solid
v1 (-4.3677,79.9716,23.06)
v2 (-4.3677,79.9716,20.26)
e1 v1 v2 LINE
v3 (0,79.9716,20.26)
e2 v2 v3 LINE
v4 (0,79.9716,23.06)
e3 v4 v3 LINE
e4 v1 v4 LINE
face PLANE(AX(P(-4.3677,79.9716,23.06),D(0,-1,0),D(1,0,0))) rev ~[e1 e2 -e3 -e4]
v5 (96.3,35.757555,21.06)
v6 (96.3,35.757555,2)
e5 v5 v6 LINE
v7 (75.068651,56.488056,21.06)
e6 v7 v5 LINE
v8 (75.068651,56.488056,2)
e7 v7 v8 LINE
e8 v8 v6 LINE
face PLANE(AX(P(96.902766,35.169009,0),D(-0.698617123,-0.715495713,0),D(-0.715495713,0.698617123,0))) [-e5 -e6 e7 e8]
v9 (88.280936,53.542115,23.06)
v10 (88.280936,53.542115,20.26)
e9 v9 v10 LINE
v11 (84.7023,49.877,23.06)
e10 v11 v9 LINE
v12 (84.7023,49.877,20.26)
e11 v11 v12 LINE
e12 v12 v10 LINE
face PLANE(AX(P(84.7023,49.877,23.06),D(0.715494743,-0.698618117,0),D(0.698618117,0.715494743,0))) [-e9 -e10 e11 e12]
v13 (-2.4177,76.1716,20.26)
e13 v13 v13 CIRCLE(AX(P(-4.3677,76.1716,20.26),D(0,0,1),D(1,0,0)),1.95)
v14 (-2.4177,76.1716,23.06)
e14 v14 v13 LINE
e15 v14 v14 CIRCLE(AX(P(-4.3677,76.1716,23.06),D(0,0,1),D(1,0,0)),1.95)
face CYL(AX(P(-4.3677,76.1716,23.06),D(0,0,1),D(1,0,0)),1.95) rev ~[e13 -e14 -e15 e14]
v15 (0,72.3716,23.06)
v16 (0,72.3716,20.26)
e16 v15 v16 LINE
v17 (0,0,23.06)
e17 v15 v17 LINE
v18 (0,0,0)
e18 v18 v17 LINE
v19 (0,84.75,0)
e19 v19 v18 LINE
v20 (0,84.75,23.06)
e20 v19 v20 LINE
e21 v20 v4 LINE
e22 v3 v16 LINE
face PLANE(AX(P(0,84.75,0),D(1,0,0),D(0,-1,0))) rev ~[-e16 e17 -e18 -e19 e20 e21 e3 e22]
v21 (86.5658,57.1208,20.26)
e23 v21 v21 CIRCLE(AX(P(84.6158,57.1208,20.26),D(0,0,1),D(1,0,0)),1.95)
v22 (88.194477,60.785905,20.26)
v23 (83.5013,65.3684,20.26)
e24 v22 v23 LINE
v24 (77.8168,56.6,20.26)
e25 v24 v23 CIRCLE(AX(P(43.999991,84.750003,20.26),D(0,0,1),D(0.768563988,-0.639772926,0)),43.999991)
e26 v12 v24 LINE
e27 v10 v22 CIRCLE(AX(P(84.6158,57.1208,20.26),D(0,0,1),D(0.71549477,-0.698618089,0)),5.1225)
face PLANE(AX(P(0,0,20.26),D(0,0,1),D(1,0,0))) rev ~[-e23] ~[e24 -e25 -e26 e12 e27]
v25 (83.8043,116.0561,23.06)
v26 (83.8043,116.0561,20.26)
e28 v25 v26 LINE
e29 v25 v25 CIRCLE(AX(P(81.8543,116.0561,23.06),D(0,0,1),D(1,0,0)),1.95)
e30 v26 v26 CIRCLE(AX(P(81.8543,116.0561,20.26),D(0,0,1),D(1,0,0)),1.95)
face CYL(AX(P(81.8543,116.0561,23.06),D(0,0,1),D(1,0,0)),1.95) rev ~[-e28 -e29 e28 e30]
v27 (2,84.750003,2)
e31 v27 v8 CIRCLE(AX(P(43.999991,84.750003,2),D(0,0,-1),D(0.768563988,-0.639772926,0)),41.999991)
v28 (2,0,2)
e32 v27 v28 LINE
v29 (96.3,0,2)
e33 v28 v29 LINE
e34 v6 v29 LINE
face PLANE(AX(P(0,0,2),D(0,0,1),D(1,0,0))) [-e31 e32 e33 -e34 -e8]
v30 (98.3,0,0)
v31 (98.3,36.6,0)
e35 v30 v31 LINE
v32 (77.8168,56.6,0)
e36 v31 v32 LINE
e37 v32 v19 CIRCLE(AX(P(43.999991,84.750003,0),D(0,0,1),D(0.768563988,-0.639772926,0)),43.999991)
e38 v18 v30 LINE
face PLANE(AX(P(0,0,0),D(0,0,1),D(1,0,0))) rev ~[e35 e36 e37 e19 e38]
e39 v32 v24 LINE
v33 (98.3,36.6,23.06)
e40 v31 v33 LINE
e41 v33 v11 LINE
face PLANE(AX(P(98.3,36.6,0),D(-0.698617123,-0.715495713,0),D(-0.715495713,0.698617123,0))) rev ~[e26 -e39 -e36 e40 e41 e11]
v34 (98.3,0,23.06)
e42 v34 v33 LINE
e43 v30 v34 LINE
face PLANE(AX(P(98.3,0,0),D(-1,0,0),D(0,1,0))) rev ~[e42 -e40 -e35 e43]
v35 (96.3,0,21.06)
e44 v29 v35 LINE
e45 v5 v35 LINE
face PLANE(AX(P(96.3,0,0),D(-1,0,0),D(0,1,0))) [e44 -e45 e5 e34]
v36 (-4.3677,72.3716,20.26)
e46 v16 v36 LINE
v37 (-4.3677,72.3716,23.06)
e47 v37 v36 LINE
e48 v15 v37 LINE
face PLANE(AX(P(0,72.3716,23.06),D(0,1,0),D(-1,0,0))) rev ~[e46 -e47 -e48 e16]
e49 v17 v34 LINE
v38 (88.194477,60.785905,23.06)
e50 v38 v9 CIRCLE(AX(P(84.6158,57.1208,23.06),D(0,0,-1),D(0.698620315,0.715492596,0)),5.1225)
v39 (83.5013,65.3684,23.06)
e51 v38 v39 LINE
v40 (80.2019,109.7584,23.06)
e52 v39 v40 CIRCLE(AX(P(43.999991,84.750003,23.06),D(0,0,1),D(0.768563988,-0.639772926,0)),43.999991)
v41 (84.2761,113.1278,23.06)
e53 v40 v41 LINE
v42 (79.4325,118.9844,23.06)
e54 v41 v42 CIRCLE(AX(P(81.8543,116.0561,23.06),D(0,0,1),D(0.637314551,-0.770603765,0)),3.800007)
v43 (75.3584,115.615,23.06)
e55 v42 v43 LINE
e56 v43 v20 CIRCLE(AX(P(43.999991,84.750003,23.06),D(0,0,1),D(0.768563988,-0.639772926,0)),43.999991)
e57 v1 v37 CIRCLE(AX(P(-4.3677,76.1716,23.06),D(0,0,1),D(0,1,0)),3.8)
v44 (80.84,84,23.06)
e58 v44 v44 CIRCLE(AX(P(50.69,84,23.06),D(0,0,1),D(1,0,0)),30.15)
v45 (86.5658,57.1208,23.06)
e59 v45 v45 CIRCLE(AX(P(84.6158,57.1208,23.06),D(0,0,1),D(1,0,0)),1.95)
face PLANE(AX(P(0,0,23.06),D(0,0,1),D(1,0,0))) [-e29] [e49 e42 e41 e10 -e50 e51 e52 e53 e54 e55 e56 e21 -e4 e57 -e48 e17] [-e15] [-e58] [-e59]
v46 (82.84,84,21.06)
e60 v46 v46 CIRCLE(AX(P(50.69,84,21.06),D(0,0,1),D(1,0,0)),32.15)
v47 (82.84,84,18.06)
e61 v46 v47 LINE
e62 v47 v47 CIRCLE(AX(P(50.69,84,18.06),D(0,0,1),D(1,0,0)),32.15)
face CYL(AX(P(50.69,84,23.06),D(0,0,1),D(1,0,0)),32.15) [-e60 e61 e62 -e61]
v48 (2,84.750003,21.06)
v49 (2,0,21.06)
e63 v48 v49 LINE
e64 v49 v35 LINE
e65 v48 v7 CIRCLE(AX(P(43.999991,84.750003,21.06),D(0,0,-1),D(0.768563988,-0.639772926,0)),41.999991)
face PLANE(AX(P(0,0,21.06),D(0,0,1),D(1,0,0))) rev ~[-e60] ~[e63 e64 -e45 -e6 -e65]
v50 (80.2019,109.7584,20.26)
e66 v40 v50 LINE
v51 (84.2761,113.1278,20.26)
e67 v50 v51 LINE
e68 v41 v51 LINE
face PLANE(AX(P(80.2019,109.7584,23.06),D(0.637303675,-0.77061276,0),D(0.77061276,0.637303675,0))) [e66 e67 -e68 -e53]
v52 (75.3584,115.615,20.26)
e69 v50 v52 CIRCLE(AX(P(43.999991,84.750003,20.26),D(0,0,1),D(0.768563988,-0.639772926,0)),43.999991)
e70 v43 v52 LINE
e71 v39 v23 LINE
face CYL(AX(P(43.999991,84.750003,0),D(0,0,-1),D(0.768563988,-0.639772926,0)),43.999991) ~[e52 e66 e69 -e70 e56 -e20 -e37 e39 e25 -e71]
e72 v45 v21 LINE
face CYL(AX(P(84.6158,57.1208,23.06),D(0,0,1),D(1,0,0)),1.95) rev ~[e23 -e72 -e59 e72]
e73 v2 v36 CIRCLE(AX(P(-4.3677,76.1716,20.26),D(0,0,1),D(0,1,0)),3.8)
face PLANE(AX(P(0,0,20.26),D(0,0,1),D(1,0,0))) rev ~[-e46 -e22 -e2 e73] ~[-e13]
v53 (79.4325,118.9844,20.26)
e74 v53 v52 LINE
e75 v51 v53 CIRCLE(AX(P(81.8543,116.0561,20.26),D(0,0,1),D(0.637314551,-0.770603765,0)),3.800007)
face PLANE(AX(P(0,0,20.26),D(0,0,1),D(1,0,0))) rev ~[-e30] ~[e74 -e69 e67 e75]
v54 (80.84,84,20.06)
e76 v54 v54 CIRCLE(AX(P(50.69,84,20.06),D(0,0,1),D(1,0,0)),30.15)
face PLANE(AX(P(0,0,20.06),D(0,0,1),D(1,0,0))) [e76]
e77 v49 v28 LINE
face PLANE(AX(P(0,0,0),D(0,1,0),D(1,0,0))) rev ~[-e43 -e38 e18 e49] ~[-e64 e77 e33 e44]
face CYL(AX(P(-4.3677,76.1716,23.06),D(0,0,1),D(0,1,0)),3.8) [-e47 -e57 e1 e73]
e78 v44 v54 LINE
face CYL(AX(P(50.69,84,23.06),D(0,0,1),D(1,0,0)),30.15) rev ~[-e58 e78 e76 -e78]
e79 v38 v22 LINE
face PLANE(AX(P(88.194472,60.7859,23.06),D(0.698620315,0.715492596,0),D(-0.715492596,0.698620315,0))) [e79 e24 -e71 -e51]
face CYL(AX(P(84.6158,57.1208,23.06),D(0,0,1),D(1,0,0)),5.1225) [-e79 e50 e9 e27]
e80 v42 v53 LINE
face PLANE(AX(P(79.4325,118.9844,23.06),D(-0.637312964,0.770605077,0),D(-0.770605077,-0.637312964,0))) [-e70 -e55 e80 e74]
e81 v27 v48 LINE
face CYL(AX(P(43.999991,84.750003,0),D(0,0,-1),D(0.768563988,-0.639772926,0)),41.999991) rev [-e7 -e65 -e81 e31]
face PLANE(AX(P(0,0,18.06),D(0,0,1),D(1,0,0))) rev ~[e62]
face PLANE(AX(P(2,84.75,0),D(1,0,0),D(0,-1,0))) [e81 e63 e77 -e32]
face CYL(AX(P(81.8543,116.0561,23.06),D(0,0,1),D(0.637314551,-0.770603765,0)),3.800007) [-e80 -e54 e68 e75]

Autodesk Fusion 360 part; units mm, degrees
sketch "Esquisse1" plane through (0, 0, 0) normal (0, 0, 1) x (1, 0, 0)
  line L0 (0, 0) -> (98.3, 0)
  line L1 (98.3, 0) -> (98.3, 36.6)
  line L2 (98.3, 36.6) -> (77.8168, 56.6)
  arc A0 (77.8168, 56.6) -> (0, 84.75) centre (44, 84.75) ccw
  line L3 (0, 84.75) -> (0, 0)
  circle A1 centre (50.69, 84) radius 30.15
  point P0 (44, 128.75)
  point P1 (80.84, 84)
  point P2 (88, 84.75)
  point P3 (50.69, 114.15)
  dimension "d1" = 98.3
  dimension "d2" = 36.6
  dimension "d3" = 128.75
  dimension "d4" = 44
  dimension "d5" = 56.6
  dimension "d6" = 60.3
  dimension "d23" = 7.16
  dimension "d24" = 14.6
extrude "Extrusion1" add sketch "Esquisse1" along normal blind 23.06 contours L0 L1 L2 A0 L3 | A1
extrude "Extrusion2" cut sketch "Esquisse1" against normal blind 3 from surface at 23.06 contours A1
shell "Coque1" thickness 2 removed faces 1 at (32.7667, 0, 7.6867)
ref_plane "Plan de construction1" through (49.3725, 68.154, 23.06) normal (0, 0, 1) x (1, 0, 0)
sketch "Esquisse2" plane through (0, 0, 23.06) normal (0, 0, 1) x (1, 0, 0)
  circle A0 centre (84.6158, 57.1208) radius 1.95
  circle A1 centre (81.8543, 116.0561) radius 1.95
  circle A2 centre (-4.3677, 76.1716) radius 1.95
  line L0 (81.8543, 116.0561) -> (84.6158, 57.1208) construction
  line L1 (84.6158, 57.1208) -> (-4.3677, 76.1716) construction
  line L2 (81.8543, 116.0561) -> (-4.3677, 76.1716) construction
  circle A3 centre (44, 84.75) radius 49.1225 construction
  arc A4 (77.8168, 56.6) -> (0, 84.75) centre (44, 84.75) ccw construction
  circle A5 centre (84.6158, 57.1208) radius 5.1225
  line L3 (98.3, 36.6) -> (77.8168, 56.6) construction
  line L4 (84.7023, 49.877) -> (91.8596, 57.2072)
  line L5 (91.8596, 57.2072) -> (83.5013, 65.3684)
  line L6 (80.2019, 109.7584) -> (84.2761, 113.1278)
  arc A6 (84.2761, 113.1278) -> (79.4325, 118.9844) centre (81.8543, 116.0561) ccw
  line L7 (79.4325, 118.9844) -> (75.3584, 115.615)
  line L8 (0, 72.3716) -> (-4.3677, 72.3716)
  arc A7 (-4.3677, 79.9716) -> (-4.3677, 72.3716) centre (-4.3677, 76.1716) ccw
  line L9 (-4.3677, 79.9716) -> (0.2602, 79.9716)
  line L10 (81.8543, 116.0561) -> (44, 84.75) construction
  line L11 (44, 84.75) -> (84.6158, 57.1208) construction
  arc A8 (77.8168, 56.6) -> (0, 84.75) centre (44, 84.75) ccw
  line L12 (0, 84.75) -> (0, 0)
  line L13 (98.3, 36.6) -> (77.8168, 56.6)
  dimension "d15" = 3.9
  dimension "d16" = 59
  dimension "d17" = 95
  dimension "d18" = 91
  dimension "d19" = 7.6
  dimension "d20" = 7.6
extrude "Extrusion3" add sketch "Esquisse2" against normal blind 2.8 contours A5 | L8 A7 L9 L12 | L6 A6 L7 A8 | A5 L5 A8 | A5 L4 L13 | A5 A8 L13
equation "d4 = ( 88 / 2 ) * 1 mm"
equation "d20 = d19"
